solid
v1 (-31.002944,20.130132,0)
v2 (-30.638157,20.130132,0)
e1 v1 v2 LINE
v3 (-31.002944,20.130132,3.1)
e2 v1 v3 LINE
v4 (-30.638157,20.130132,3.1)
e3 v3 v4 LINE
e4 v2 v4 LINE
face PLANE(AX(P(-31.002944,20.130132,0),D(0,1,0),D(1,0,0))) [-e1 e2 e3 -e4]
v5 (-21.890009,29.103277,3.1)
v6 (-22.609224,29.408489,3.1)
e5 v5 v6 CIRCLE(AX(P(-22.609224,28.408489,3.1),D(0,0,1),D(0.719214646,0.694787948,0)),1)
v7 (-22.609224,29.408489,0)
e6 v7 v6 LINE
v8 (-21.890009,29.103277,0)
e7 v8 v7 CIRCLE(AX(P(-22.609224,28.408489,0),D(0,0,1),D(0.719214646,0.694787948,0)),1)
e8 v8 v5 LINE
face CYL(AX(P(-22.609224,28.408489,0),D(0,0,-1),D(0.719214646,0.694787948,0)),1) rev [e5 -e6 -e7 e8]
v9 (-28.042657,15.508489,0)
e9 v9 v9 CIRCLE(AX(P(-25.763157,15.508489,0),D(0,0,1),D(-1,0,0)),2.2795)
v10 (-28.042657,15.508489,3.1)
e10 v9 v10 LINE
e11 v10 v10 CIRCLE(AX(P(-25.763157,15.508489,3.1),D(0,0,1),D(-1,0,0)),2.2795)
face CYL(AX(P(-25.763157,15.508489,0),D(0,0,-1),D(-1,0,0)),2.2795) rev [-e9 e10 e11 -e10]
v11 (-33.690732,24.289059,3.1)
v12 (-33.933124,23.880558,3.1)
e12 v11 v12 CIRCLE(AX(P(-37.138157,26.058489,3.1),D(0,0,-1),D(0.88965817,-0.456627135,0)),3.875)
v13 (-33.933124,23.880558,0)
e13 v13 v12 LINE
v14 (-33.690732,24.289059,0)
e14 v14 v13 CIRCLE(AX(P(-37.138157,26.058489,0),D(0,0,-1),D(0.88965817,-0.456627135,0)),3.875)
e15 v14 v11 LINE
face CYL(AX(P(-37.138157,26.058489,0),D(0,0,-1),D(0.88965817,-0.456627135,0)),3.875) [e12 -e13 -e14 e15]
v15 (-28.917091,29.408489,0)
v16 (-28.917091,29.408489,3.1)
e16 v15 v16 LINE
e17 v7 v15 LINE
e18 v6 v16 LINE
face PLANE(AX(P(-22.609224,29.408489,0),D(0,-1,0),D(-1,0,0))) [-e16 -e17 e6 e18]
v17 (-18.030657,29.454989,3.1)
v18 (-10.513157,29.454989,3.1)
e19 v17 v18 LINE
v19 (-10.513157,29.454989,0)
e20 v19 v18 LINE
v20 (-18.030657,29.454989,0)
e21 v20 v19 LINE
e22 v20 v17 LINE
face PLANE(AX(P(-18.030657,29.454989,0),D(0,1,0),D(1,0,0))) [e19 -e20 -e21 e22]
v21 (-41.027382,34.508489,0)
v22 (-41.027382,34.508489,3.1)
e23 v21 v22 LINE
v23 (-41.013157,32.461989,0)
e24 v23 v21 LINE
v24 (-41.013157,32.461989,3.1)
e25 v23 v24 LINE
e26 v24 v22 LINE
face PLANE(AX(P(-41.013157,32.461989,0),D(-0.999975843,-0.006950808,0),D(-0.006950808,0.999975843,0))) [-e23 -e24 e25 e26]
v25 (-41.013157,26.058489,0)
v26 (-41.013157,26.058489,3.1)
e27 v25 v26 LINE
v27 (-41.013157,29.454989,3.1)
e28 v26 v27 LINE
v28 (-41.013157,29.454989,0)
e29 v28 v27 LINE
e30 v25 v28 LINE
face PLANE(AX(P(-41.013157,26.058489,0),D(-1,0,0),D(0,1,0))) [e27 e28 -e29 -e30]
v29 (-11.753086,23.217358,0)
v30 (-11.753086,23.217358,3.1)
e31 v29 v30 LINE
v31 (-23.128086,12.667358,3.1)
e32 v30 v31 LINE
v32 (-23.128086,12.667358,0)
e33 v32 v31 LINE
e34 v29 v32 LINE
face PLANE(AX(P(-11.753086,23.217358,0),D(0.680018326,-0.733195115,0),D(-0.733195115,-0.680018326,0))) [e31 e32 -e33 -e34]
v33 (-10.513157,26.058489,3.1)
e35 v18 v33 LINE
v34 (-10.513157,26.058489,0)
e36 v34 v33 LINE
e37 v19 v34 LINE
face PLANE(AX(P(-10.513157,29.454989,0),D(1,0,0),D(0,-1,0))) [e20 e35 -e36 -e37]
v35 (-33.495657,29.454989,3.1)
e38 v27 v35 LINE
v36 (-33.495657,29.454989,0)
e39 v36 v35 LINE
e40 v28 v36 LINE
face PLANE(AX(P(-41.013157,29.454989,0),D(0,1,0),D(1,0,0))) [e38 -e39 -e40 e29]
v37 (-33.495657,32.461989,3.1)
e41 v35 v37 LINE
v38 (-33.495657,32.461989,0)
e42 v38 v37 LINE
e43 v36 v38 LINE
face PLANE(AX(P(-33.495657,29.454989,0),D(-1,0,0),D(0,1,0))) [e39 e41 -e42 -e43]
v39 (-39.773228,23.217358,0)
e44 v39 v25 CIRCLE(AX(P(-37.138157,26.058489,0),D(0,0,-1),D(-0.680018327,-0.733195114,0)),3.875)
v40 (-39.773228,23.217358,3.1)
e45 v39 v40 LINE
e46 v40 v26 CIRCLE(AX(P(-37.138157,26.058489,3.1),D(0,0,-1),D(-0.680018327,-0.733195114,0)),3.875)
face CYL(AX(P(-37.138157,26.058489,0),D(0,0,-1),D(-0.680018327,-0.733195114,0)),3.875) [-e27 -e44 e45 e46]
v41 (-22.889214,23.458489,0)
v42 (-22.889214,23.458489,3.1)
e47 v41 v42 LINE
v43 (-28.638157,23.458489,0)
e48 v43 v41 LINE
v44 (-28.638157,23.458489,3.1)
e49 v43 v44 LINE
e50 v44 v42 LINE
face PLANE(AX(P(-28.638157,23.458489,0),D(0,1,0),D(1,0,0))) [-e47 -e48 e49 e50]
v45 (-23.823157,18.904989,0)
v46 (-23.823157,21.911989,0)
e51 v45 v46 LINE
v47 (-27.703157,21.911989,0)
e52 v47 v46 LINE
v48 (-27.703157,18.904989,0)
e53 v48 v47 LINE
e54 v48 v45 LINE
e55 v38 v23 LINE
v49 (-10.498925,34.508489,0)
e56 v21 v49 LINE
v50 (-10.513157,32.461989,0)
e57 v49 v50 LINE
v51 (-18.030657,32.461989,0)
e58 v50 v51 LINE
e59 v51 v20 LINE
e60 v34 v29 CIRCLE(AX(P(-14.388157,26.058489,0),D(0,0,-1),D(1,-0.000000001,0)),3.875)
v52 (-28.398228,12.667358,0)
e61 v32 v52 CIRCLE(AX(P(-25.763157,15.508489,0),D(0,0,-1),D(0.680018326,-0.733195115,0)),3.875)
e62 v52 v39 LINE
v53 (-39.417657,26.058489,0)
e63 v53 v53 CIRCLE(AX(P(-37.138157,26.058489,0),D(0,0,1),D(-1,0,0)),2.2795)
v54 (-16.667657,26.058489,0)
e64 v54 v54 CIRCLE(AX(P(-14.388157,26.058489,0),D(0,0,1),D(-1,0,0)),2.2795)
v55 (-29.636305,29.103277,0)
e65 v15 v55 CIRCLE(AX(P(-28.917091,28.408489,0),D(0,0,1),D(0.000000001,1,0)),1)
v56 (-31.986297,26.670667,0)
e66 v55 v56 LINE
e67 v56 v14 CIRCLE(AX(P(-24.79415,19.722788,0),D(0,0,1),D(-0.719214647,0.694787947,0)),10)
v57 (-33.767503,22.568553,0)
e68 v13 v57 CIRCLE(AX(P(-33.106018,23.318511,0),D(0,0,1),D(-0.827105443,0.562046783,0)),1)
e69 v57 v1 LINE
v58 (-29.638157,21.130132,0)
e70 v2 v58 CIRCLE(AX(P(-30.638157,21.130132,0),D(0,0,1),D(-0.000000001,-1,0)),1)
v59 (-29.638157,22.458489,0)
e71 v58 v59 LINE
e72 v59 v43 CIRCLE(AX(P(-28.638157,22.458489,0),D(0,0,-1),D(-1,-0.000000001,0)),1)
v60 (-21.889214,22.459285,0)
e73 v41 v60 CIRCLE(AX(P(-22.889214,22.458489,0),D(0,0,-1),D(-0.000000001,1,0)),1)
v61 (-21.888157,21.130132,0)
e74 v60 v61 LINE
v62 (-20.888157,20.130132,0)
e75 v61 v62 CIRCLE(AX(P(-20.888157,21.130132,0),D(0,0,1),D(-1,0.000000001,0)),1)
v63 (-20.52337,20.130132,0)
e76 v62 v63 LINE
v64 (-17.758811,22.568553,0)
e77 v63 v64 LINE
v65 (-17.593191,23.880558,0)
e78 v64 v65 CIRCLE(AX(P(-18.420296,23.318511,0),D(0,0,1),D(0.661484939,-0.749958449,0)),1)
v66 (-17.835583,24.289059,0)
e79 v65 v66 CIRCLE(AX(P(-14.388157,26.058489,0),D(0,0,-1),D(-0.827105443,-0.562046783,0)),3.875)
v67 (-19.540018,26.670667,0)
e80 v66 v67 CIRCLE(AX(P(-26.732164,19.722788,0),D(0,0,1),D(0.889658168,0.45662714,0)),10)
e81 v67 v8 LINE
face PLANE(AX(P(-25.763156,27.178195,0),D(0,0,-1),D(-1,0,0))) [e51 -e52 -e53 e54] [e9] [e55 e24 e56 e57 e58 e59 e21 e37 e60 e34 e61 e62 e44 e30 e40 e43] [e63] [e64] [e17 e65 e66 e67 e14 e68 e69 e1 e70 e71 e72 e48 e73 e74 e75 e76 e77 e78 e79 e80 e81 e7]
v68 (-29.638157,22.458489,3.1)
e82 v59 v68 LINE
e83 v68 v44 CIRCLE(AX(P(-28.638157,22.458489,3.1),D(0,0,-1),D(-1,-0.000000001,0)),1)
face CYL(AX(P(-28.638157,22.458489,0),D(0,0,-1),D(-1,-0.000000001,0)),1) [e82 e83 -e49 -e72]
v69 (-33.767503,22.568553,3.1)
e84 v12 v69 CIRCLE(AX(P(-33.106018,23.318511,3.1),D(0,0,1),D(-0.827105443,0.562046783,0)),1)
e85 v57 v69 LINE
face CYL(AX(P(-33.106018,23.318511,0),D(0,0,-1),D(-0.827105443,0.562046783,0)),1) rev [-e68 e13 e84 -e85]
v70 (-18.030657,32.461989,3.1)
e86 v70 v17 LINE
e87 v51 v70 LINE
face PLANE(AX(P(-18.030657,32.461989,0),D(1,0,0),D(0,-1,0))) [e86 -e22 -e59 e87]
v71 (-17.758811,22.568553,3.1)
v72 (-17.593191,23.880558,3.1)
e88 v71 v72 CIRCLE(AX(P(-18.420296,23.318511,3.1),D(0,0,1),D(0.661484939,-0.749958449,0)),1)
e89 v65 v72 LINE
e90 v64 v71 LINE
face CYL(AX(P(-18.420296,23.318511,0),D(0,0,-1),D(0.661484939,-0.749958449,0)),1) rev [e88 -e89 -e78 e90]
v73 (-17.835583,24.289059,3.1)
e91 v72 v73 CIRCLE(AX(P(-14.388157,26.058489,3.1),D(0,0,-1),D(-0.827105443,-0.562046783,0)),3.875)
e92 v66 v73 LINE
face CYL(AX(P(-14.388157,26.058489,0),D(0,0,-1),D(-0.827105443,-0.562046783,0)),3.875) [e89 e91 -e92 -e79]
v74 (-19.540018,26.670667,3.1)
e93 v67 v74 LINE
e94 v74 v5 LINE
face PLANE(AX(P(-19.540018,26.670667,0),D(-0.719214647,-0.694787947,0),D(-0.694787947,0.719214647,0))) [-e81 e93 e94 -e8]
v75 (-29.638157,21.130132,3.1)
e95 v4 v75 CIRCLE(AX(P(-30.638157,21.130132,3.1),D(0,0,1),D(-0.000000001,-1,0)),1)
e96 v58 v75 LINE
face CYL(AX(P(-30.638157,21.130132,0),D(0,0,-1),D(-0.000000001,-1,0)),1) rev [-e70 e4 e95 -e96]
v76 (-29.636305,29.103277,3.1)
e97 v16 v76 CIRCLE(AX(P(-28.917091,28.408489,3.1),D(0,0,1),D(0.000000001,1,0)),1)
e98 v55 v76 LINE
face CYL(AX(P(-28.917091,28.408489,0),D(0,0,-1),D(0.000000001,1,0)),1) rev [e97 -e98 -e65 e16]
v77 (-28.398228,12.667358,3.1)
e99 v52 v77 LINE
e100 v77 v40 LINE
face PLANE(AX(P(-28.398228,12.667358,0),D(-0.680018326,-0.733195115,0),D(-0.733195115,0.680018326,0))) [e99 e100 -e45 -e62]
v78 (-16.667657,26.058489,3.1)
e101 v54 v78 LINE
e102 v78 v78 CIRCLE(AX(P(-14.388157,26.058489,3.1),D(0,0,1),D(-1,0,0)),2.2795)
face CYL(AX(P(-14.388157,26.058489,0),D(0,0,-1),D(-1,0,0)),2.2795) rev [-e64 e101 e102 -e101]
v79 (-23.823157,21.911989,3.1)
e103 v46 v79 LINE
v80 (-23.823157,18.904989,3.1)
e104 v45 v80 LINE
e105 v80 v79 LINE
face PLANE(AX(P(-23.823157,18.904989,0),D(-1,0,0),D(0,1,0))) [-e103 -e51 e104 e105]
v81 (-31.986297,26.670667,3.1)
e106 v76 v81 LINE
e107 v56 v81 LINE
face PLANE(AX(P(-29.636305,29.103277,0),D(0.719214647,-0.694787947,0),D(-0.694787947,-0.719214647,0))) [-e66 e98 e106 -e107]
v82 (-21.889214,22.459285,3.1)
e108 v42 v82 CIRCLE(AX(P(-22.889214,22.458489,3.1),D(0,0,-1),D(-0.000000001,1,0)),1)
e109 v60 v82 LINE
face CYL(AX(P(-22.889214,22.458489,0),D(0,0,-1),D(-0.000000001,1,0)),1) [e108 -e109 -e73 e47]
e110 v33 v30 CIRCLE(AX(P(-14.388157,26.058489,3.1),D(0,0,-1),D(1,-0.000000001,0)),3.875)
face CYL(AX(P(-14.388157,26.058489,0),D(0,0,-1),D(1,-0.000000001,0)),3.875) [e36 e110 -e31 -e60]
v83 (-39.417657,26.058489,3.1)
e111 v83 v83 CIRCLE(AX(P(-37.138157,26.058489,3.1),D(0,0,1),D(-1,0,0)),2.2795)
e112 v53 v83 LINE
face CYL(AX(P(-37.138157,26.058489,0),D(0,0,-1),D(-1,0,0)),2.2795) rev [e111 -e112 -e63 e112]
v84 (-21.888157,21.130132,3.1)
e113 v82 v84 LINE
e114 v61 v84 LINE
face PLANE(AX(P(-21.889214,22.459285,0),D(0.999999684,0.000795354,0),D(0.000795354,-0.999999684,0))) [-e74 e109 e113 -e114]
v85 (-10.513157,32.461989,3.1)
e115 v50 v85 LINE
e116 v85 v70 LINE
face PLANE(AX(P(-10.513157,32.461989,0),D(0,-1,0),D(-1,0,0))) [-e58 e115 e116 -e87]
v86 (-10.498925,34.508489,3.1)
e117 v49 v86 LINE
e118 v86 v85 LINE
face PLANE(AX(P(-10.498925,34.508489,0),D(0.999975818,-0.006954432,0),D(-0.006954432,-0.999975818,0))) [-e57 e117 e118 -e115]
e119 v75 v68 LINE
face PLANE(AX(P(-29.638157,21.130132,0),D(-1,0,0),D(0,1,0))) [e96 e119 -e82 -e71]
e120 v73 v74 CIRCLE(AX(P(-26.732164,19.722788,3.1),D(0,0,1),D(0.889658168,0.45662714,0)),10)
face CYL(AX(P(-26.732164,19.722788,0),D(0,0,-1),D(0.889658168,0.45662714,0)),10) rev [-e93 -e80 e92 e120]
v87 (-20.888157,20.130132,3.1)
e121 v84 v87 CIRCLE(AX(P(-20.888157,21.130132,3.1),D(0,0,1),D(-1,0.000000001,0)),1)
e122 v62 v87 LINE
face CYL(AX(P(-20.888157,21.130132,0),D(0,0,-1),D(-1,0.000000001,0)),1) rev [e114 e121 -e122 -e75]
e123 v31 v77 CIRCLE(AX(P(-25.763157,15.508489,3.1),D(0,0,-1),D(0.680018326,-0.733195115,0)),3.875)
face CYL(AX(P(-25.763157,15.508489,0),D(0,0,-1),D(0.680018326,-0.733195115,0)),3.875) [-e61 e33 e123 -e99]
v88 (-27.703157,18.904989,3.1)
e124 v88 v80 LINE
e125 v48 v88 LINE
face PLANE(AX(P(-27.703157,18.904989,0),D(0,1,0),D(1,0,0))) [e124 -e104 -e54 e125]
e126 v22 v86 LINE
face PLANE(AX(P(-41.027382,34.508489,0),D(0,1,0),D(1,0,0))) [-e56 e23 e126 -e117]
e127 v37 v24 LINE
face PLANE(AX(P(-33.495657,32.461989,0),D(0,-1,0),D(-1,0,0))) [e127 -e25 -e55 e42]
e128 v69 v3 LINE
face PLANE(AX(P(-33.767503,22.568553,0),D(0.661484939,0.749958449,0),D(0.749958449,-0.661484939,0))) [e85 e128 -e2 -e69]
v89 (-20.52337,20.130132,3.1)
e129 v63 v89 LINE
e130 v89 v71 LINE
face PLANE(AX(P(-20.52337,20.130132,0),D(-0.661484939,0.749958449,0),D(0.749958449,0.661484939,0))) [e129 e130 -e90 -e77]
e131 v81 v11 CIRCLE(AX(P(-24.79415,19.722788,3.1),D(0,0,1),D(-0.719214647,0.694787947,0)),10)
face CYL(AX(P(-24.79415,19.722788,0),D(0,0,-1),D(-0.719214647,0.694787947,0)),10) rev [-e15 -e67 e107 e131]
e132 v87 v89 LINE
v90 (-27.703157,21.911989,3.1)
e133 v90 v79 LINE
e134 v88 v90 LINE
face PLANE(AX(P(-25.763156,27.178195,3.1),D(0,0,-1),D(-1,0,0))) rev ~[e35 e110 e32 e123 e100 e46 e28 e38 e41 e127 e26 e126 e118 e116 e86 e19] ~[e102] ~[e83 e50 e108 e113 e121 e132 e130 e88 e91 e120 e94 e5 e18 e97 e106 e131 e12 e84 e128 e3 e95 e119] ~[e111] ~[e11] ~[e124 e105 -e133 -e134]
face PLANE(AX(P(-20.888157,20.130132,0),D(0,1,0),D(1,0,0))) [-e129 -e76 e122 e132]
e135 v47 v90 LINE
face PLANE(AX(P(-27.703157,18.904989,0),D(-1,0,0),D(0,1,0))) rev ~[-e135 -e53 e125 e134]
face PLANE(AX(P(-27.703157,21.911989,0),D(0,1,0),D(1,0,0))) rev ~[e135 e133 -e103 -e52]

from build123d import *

# Parameters (mm, degrees)
SKETCH1_R      = 2.2795
SKETCH1_W      = 3.88
SKETCH1_H      = 3.007
EXTRUDE1_DEPTH = 3.1


with BuildPart() as part:
    # Sketch1 → Extrude1 (new body)
    with BuildSketch(Plane.XY):
        with BuildLine():
            Line((-41.027382287, 34.508489293), (-10.498924525, 34.508489293))
            Line((-10.498924525, 34.508489293), (-10.513157114, 32.461989293))
            Line((-10.513157114, 32.461989293), (-18.030657114, 32.461989293))
            Line((-18.030657114, 32.461989293), (-18.030657114, 29.454989293))
            Line((-18.030657114, 29.454989293), (-10.513157114, 29.454989293))
            Line((-10.513157114, 29.454989293), (-10.513157114, 26.058489293))
            ThreePointArc((-10.513157114, 26.058489293), (-10.83664158, 24.508533678), (-11.7530861, 23.217358224))
            Line((-11.7530861, 23.217358224), (-23.1280861, 12.667358224))
            ThreePointArc((-23.1280861, 12.667358224), (-25.763157114, 11.633489293), (-28.398228128, 12.667358224))
            Line((-28.398228128, 12.667358224), (-39.773228128, 23.217358224))
            ThreePointArc((-39.773228128, 23.217358224), (-40.689672648, 24.508533678), (-41.013157114, 26.058489293))
            Line((-41.013157114, 26.058489293), (-41.013157114, 29.454989293))
            Line((-41.013157114, 29.454989293), (-33.495657114, 29.454989293))
            Line((-33.495657114, 29.454989293), (-33.495657114, 32.461989293))
            Line((-33.495657114, 32.461989293), (-41.013157114, 32.461989293))
            Line((-41.013157114, 32.461989293), (-41.027382287, 34.508489293))
        make_face()
        with Locations(Location((-14.388157114, 26.058489293, 0), (0, 0, 180))):
            Circle(SKETCH1_R, mode=Mode.SUBTRACT)
        with Locations(Location((-37.138157114, 26.058489293, 0), (0, 0, 180))):
            Circle(SKETCH1_R, mode=Mode.SUBTRACT)
        with Locations(Location((-25.763157114, 15.508489293, 0), (0, 0, 180))):
            Circle(SKETCH1_R, mode=Mode.SUBTRACT)
        with BuildLine():
            Line((-33.76750302, 22.568552775), (-31.002944054, 20.130132194))
            Line((-31.002944054, 20.130132194), (-30.638157114, 20.130132194))
            ThreePointArc((-30.638157114, 20.130132194), (-29.931050333, 20.423025412), (-29.638157114, 21.130132194))
            Line((-29.638157114, 21.130132194), (-29.638157114, 22.458489293))
            ThreePointArc((-29.638157114, 22.458489293), (-29.345263895, 23.165596075), (-28.638157114, 23.458489293))
            Line((-28.638157114, 23.458489293), (-22.889213944, 23.458489293))
            ThreePointArc((-22.889213944, 23.458489293), (-22.182388419, 23.165877219), (-21.889214261, 22.459284647))
            Line((-21.889214261, 22.459284647), (-21.888157114, 21.130132194))
            ThreePointArc((-21.888157114, 21.130132194), (-21.595263895, 20.423025412), (-20.888157114, 20.130132194))
            Line((-20.888157114, 20.130132194), (-20.523370174, 20.130132194))
            Line((-20.523370174, 20.130132194), (-17.758811208, 22.568552775))
            ThreePointArc((-17.758811208, 22.568552775), (-17.428169762, 23.19327051), (-17.593190704, 23.880558008))
            ThreePointArc((-17.593190704, 23.880558008), (-17.720651816, 24.081090988), (-17.835582513, 24.289059126))
            ThreePointArc((-17.835582513, 24.289059126), (-18.600140603, 25.542598068), (-19.540017718, 26.670667198))
            Line((-19.540017718, 26.670667198), (-21.890008982, 29.103277241))
            ThreePointArc((-21.890008982, 29.103277241), (-22.218575416, 29.329029338), (-22.609223629, 29.408489293))
            Line((-22.609223629, 29.408489293), (-28.917090599, 29.408489293))
            ThreePointArc((-28.917090599, 29.408489293), (-29.307738812, 29.329029338), (-29.636305246, 29.103277241))
            Line((-29.636305246, 29.103277241), (-31.98629651, 26.670667198))
            ThreePointArc((-31.98629651, 26.670667198), (-32.926173625, 25.542598068), (-33.690731715, 24.289059126))
            ThreePointArc((-33.690731715, 24.289059126), (-33.805662411, 24.081090988), (-33.933123524, 23.880558008))
            ThreePointArc((-33.933123524, 23.880558008), (-34.098144466, 23.19327051), (-33.76750302, 22.568552775))
        make_face(mode=Mode.SUBTRACT)
        with Locations((-25.763157114, 20.408489293)):
            Rectangle(SKETCH1_W, SKETCH1_H, mode=Mode.SUBTRACT)
    extrude(amount=EXTRUDE1_DEPTH)


solid = part.part
